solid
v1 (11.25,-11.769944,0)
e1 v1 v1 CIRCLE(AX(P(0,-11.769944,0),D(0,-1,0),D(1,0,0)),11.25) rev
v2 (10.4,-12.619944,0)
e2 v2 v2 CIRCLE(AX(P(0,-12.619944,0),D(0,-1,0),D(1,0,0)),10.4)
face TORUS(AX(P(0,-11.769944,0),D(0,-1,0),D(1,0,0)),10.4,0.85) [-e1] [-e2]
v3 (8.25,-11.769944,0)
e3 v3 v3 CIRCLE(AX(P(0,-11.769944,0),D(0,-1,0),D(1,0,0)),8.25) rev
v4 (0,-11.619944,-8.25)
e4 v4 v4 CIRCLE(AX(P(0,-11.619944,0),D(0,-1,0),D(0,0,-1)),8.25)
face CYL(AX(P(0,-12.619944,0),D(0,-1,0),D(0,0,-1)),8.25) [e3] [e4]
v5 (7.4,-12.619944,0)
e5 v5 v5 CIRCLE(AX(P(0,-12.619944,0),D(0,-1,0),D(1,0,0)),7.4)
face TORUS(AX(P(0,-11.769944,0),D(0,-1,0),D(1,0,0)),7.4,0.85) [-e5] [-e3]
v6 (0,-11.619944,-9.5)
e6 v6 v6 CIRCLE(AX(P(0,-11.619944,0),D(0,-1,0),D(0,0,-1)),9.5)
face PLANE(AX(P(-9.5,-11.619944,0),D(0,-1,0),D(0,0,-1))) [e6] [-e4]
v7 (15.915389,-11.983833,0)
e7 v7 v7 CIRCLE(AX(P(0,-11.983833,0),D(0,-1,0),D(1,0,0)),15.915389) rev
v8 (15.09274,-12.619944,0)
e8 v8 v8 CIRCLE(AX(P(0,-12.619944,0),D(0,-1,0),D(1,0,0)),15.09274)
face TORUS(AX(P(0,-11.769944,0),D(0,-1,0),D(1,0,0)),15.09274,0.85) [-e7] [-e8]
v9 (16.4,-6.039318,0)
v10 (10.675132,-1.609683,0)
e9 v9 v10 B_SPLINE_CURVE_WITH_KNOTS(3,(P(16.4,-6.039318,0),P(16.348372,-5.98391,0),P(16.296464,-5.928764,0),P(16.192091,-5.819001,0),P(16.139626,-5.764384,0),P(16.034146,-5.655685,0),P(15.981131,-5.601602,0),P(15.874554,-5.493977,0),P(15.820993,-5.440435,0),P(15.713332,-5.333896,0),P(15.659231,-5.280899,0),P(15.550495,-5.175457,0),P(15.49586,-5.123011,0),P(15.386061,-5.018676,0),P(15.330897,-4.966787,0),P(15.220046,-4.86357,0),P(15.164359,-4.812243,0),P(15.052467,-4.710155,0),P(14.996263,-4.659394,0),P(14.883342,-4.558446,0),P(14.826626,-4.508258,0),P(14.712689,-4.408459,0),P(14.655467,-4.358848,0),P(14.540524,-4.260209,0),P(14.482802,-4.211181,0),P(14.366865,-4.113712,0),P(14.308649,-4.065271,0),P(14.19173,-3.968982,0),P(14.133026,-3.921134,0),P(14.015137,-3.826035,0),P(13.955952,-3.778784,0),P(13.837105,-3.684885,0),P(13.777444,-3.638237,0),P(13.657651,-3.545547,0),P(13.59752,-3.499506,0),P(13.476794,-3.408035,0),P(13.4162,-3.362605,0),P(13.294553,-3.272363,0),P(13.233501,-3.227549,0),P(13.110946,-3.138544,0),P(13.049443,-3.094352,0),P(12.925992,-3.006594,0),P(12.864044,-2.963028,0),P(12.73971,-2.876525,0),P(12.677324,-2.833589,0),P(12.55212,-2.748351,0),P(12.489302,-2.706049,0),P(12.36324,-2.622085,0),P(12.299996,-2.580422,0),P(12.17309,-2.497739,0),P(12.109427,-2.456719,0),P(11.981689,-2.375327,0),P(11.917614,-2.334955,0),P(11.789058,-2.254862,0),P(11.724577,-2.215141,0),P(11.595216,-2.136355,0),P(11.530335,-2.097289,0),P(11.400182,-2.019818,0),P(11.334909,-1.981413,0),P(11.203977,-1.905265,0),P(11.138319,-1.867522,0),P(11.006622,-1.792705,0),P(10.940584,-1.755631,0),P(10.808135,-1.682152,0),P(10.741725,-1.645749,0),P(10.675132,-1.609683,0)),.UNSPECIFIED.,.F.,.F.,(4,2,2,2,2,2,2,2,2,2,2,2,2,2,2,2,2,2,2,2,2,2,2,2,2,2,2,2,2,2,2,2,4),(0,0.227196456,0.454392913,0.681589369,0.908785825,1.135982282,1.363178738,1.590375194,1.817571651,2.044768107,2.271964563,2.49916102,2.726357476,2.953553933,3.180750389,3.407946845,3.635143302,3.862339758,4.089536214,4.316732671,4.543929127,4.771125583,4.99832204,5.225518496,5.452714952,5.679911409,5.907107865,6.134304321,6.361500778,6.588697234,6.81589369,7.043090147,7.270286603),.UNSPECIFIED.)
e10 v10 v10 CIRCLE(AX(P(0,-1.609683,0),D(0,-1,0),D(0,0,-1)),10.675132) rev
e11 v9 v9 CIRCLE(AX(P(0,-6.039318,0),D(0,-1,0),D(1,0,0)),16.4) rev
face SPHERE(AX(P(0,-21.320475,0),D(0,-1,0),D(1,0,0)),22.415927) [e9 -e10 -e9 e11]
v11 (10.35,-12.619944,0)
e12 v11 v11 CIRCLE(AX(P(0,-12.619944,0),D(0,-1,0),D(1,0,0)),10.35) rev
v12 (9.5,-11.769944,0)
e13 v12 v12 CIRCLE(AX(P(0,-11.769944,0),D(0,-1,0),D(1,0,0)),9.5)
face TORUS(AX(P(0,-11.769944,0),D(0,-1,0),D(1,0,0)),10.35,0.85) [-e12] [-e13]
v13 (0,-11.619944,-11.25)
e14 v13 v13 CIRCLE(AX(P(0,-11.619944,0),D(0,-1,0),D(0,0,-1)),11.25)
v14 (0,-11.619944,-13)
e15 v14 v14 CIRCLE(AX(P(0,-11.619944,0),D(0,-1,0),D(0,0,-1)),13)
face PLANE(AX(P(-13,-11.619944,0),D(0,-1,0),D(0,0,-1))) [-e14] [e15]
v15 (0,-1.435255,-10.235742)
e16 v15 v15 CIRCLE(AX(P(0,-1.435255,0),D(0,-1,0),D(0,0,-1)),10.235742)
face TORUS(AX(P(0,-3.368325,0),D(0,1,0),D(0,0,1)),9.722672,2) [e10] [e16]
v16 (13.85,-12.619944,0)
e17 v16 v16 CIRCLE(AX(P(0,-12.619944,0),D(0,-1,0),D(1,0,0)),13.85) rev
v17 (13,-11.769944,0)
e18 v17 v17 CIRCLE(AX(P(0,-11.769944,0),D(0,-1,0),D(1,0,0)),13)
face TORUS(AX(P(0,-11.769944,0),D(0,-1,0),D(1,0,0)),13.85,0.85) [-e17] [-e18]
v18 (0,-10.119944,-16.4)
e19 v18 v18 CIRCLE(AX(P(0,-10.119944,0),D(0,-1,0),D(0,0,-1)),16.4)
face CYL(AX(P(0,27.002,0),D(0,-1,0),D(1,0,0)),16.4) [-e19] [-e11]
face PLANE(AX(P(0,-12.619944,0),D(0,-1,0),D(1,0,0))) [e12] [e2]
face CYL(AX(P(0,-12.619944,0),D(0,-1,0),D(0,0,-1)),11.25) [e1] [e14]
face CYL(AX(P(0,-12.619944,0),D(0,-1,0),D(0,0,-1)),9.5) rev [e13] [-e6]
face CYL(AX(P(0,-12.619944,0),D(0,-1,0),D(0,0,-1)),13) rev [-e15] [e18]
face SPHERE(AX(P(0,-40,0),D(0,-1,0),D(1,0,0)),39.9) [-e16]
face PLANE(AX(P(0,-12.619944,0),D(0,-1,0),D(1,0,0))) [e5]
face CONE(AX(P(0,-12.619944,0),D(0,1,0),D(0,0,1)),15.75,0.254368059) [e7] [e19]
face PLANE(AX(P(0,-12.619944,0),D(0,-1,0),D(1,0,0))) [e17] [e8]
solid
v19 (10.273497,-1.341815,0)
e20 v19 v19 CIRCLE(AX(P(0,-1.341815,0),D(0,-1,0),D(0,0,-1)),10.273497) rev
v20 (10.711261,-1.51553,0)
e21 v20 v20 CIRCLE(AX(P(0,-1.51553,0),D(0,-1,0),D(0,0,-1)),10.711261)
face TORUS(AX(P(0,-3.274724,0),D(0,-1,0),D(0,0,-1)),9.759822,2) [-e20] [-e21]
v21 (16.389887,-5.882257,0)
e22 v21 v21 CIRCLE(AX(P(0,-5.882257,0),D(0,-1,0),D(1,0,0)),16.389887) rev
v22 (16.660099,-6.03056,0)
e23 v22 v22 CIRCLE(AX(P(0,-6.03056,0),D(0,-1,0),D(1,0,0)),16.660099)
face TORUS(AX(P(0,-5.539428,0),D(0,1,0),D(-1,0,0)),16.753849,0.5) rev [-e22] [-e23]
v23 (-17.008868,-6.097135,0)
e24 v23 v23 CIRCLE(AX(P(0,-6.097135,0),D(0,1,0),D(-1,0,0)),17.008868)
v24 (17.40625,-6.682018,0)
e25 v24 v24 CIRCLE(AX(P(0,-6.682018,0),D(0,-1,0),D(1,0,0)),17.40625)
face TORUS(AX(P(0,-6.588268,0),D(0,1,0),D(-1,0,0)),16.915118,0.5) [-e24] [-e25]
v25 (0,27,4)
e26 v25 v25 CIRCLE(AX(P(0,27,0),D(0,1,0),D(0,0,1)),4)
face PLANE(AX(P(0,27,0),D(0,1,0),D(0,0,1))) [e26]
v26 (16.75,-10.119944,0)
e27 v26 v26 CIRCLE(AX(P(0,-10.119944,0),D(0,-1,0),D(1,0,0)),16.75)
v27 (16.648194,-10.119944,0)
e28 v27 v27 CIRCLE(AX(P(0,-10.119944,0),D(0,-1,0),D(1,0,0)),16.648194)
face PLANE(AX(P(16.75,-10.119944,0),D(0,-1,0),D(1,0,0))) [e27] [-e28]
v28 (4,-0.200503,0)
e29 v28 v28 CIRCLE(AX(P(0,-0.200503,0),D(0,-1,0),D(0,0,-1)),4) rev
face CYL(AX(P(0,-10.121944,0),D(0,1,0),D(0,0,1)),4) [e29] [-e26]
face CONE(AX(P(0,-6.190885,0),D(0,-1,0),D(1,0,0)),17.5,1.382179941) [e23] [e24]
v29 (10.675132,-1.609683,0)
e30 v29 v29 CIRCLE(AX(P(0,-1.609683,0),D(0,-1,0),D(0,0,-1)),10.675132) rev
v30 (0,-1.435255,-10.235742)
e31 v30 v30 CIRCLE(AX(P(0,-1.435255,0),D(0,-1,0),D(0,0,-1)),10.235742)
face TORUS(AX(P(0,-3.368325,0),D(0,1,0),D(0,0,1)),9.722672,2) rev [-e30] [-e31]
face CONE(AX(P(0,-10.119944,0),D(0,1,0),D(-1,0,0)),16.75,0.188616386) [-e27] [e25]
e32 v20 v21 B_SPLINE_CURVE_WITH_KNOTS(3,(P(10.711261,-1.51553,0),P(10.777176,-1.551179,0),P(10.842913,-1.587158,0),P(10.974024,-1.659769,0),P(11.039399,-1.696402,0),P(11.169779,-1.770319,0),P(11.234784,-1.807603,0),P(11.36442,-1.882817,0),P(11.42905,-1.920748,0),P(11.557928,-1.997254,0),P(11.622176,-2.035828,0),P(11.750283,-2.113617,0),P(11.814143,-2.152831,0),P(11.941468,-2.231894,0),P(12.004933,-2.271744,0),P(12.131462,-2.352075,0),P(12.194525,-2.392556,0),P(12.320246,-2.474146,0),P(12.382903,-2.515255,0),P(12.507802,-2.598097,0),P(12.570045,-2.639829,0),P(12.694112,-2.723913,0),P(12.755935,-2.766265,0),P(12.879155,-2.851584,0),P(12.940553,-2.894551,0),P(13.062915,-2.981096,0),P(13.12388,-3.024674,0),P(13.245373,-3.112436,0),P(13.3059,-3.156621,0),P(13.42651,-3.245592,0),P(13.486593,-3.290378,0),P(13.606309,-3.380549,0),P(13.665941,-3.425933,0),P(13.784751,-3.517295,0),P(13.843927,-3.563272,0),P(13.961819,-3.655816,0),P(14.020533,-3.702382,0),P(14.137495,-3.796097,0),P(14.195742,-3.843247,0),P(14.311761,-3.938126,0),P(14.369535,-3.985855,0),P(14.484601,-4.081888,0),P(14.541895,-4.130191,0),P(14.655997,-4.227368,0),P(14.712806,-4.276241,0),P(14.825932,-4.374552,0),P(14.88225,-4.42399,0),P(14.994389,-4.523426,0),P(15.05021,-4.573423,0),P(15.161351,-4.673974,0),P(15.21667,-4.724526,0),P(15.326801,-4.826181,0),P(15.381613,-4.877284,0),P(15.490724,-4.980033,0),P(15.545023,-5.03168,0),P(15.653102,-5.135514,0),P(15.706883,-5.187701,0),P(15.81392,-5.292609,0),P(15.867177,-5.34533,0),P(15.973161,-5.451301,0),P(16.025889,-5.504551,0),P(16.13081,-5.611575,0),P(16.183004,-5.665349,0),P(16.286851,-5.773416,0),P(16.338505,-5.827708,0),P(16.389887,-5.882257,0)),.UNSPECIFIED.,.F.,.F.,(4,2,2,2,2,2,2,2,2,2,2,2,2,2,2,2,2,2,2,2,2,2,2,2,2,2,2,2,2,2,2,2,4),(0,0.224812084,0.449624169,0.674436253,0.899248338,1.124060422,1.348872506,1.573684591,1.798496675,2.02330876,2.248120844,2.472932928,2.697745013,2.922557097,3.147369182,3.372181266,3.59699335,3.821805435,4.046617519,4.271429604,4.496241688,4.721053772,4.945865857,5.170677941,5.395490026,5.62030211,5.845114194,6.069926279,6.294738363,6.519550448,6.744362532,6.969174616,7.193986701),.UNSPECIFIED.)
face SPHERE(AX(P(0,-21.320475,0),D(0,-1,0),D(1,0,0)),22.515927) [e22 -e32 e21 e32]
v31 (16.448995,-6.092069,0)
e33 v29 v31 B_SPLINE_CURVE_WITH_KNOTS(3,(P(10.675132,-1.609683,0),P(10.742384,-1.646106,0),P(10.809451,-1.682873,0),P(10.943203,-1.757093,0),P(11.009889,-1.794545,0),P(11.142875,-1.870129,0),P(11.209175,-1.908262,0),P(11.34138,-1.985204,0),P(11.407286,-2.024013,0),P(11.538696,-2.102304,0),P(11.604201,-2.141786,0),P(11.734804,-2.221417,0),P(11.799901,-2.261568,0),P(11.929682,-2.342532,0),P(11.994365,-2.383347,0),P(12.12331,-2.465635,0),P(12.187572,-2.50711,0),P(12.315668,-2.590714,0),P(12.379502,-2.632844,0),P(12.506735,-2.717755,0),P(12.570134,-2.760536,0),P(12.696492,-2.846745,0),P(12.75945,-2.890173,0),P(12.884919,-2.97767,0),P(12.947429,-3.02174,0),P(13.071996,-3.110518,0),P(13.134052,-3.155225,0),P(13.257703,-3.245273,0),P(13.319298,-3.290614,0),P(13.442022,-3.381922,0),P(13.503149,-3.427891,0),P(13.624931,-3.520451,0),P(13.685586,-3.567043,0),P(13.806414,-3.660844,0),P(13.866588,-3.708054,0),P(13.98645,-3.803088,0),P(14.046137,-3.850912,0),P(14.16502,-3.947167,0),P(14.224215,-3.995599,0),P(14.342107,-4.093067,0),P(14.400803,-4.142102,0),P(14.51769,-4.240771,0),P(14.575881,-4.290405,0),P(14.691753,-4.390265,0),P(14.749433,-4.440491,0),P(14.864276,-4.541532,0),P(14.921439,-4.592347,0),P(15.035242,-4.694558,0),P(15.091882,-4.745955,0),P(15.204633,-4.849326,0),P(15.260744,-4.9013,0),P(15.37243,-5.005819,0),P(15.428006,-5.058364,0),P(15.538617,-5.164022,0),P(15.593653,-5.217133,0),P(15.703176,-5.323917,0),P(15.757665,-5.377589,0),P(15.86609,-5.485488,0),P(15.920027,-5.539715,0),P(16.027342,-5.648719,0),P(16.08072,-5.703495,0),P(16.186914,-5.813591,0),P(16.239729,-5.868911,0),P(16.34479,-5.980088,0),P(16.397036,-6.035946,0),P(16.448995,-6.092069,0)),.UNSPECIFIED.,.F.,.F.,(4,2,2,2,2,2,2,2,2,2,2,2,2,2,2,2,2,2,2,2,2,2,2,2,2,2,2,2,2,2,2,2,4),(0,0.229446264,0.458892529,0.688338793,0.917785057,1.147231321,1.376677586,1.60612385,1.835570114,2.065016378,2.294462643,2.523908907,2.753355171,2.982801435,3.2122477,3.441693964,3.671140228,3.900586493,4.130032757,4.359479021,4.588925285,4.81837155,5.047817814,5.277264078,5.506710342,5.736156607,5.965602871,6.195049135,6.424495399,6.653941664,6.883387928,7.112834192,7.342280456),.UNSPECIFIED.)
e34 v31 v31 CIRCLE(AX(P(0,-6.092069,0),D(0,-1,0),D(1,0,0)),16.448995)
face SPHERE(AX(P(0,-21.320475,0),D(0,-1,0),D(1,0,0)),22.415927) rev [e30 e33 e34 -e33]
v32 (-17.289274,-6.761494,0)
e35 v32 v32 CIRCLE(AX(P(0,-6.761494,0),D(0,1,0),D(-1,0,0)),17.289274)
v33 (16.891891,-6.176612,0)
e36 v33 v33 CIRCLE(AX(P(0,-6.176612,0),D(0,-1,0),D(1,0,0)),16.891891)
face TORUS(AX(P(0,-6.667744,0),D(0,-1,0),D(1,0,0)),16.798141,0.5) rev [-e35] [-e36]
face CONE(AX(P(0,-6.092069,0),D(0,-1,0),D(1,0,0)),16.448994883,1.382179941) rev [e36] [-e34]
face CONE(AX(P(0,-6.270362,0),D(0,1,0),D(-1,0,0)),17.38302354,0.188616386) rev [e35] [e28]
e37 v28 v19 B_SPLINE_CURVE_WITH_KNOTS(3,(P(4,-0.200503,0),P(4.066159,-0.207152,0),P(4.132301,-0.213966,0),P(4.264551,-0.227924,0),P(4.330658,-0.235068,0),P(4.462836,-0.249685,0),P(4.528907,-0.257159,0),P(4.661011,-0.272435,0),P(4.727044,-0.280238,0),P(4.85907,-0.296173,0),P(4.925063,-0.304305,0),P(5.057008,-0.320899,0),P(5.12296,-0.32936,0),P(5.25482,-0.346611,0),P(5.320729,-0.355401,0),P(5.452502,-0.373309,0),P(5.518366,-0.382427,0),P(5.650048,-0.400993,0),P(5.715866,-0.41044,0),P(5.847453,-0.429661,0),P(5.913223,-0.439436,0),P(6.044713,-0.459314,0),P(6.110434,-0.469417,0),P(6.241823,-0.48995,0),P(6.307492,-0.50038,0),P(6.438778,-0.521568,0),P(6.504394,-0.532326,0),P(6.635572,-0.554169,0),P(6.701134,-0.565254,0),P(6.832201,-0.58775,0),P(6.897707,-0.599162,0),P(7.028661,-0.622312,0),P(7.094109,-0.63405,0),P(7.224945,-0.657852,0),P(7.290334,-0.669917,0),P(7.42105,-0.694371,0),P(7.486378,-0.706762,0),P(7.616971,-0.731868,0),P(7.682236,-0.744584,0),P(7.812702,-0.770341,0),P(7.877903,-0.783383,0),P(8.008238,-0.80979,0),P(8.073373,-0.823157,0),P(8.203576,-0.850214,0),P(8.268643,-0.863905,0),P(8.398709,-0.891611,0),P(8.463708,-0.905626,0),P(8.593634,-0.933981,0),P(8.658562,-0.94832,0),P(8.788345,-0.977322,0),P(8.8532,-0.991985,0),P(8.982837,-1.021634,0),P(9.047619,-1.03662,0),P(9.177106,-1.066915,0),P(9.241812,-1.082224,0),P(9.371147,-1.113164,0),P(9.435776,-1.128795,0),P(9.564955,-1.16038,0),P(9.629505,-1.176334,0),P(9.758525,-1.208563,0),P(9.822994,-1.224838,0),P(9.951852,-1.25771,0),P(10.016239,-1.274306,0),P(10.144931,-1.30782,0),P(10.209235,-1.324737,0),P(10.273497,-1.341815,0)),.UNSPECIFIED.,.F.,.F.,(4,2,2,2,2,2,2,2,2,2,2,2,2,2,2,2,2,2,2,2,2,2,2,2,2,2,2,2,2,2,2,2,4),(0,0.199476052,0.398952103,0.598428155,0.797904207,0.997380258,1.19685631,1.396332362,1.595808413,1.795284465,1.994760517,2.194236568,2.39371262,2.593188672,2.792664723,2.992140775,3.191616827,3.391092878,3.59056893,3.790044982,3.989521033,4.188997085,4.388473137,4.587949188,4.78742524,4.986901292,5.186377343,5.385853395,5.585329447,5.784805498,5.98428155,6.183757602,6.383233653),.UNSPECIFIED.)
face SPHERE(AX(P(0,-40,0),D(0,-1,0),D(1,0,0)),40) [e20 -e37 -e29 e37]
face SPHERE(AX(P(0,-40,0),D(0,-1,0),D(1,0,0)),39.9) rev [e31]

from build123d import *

# Parameters (mm, degrees)
FILLET1_R                            = 0.5
FILLET2_R                            = 2
SKETCH2_R                            = 4
BOSS_EXTRUDE1_DEPTH                  = 27
BOSS_EXTRUDE1_DIRECTION_2_REACH      = 28.627
BOSS_EXTRUDE1_DIRECTION_2_END_RADIUS = 40
BOSS_EXTRUDE2_REACH                  = 48.651
SKETCH3_R                            = 16.4
SKETCH4_W                            = 1.75
SKETCH4_H                            = 1
SKETCH4_W_2                          = 1.25
FILLET3_R                            = 0.85


with BuildPart() as part:
    # Sketch1 → Revolve1 (revolve)
    with BuildSketch(Plane.XY):
        with BuildLine():
            Line((16.5, -6), (17.5, -6.190885429))
            Line((17.5, -6.190885429), (16.75, -10.11994384))
            Line((16.75, -10.11994384), (16.648194438, -10.11994384))
            Line((16.648194438, -10.11994384), (16.65177354, -10.10119384))
            Line((16.65177354, -10.10119384), (17.38302354, -6.270361889))
            Line((17.38302354, -6.270361889), (16.448994883, -6.092069428))
            ThreePointArc((16.448994883, -6.092069428), (13.65084506, -3.540480711), (10.463109741, -1.496320506))
            ThreePointArc((10.463109741, -1.496320506), (5.277934644, -0.450620664), (0, -0.1))
            Line((0, -0.1), (0, 0))
            ThreePointArc((0, 0), (5.296641017, -0.352230908), (10.5, -1.402720303))
            ThreePointArc((10.5, -1.402720303), (13.694296081, -3.447780521), (16.5, -6))
        make_face()
    revolve(axis=Axis((0, -0.1, 0), (0, 1, 0)))

    # Fillet1
    fillet1_edges = [part.edges().sort_by_distance(p)[0] for p in [
        (-17.38302354, -6.270361889, 0),
        (-17.5, -6.190885429, 0),
        (-16.5, -6, 0),
    ]]
    fillet(fillet1_edges, radius=FILLET1_R)

    # Fillet2
    fillet2_edges = [part.edges().sort_by_distance(p)[0] for p in [
        (-10.5, -1.402720303, 0),
        (-10.463109741, -1.496320506, 0),
    ]]
    fillet(fillet2_edges, radius=FILLET2_R)

    # Sketch2 → Boss-Extrude1 (add)
    with BuildSketch(Plane(origin=(0, 0, 0), x_dir=(1, 0, 0), z_dir=(0, 1, 0))):
        with Locations(Location((0, 0, 0), (0, 0, 270))):
            Circle(SKETCH2_R)
    extrude(amount=BOSS_EXTRUDE1_DEPTH)

    # Boss-Extrude1 direction 2: up to this sphere (the profile starts outside it)
    boss_extrude1_direction_2_end = Location((0, -40, 0)) * Sphere(BOSS_EXTRUDE1_DIRECTION_2_END_RADIUS, mode=Mode.PRIVATE)
    # Sketch2 → Boss-Extrude1 direction 2 (add, up to the surface)
    with BuildSketch(Plane(origin=(0, 0, 0), x_dir=(1, 0, 0), z_dir=(0, 1, 0)), mode=Mode.PRIVATE) as boss_extrude1_direction_2_sk1:
        with Locations(Location((0, 0, 0), (0, 0, 270))):
            Circle(SKETCH2_R)
    boss_extrude1_direction_2_tool1 = extrude(boss_extrude1_direction_2_sk1.sketch, amount=-BOSS_EXTRUDE1_DIRECTION_2_REACH, mode=Mode.PRIVATE) - boss_extrude1_direction_2_end
    add(boss_extrude1_direction_2_tool1.solids().sort_by_distance((0, 0, 0))[0])


with BuildPart() as body_2:

    # Sketch3 → Boss-Extrude2 (new, up to next)
    with BuildSketch(Plane(origin=(0, -12.61994384, 0), x_dir=(-1, 0, 0), z_dir=(0, -1, 0)), mode=Mode.PRIVATE) as boss_extrude2_sk1:
        with Locations(Location((0, 0, 0), (0, 0, 180))):
            Circle(SKETCH3_R)
    boss_extrude2_tool1 = extrude(boss_extrude2_sk1.sketch, amount=-BOSS_EXTRUDE2_REACH, mode=Mode.PRIVATE) - part.part
    add(boss_extrude2_tool1.solids().sort_by_distance((0, -12.619944, 0))[0])

    # Sketch4 → Cut-Revolve2 (revolve, cut)
    with BuildSketch(Plane.XY, mode=Mode.PRIVATE) as cut_revolve2_sk:
        Polygon((-16.4, -10.11994384), (-15.75, -12.61994384), (-16.4, -12.61994384), align=None)
        with Locations((-12.125, -12.11994384)):
            Rectangle(SKETCH4_W, SKETCH4_H)
        with Locations((-8.875, -12.11994384)):
            Rectangle(SKETCH4_W_2, SKETCH4_H)
    revolve(cut_revolve2_sk.sketch.rotate(Axis((0, -12.61994384, 0), (0, 1, 0)), 180), axis=Axis((0, -12.61994384, 0), (0, 1, 0)), mode=Mode.SUBTRACT)

    # Fillet3
    fillet3_edges = [body_2.edges().sort_by_distance(p)[0] for p in [
        (-13, -12.61994384, 0),
        (-11.25, -12.61994384, 0),
        (-8.25, -12.61994384, 0),
        (-9.5, -12.61994384, 0),
        (-15.75, -12.61994384, 0),
    ]]
    fillet(fillet3_edges, radius=FILLET3_R)


solid = Compound([part.part, body_2.part])
